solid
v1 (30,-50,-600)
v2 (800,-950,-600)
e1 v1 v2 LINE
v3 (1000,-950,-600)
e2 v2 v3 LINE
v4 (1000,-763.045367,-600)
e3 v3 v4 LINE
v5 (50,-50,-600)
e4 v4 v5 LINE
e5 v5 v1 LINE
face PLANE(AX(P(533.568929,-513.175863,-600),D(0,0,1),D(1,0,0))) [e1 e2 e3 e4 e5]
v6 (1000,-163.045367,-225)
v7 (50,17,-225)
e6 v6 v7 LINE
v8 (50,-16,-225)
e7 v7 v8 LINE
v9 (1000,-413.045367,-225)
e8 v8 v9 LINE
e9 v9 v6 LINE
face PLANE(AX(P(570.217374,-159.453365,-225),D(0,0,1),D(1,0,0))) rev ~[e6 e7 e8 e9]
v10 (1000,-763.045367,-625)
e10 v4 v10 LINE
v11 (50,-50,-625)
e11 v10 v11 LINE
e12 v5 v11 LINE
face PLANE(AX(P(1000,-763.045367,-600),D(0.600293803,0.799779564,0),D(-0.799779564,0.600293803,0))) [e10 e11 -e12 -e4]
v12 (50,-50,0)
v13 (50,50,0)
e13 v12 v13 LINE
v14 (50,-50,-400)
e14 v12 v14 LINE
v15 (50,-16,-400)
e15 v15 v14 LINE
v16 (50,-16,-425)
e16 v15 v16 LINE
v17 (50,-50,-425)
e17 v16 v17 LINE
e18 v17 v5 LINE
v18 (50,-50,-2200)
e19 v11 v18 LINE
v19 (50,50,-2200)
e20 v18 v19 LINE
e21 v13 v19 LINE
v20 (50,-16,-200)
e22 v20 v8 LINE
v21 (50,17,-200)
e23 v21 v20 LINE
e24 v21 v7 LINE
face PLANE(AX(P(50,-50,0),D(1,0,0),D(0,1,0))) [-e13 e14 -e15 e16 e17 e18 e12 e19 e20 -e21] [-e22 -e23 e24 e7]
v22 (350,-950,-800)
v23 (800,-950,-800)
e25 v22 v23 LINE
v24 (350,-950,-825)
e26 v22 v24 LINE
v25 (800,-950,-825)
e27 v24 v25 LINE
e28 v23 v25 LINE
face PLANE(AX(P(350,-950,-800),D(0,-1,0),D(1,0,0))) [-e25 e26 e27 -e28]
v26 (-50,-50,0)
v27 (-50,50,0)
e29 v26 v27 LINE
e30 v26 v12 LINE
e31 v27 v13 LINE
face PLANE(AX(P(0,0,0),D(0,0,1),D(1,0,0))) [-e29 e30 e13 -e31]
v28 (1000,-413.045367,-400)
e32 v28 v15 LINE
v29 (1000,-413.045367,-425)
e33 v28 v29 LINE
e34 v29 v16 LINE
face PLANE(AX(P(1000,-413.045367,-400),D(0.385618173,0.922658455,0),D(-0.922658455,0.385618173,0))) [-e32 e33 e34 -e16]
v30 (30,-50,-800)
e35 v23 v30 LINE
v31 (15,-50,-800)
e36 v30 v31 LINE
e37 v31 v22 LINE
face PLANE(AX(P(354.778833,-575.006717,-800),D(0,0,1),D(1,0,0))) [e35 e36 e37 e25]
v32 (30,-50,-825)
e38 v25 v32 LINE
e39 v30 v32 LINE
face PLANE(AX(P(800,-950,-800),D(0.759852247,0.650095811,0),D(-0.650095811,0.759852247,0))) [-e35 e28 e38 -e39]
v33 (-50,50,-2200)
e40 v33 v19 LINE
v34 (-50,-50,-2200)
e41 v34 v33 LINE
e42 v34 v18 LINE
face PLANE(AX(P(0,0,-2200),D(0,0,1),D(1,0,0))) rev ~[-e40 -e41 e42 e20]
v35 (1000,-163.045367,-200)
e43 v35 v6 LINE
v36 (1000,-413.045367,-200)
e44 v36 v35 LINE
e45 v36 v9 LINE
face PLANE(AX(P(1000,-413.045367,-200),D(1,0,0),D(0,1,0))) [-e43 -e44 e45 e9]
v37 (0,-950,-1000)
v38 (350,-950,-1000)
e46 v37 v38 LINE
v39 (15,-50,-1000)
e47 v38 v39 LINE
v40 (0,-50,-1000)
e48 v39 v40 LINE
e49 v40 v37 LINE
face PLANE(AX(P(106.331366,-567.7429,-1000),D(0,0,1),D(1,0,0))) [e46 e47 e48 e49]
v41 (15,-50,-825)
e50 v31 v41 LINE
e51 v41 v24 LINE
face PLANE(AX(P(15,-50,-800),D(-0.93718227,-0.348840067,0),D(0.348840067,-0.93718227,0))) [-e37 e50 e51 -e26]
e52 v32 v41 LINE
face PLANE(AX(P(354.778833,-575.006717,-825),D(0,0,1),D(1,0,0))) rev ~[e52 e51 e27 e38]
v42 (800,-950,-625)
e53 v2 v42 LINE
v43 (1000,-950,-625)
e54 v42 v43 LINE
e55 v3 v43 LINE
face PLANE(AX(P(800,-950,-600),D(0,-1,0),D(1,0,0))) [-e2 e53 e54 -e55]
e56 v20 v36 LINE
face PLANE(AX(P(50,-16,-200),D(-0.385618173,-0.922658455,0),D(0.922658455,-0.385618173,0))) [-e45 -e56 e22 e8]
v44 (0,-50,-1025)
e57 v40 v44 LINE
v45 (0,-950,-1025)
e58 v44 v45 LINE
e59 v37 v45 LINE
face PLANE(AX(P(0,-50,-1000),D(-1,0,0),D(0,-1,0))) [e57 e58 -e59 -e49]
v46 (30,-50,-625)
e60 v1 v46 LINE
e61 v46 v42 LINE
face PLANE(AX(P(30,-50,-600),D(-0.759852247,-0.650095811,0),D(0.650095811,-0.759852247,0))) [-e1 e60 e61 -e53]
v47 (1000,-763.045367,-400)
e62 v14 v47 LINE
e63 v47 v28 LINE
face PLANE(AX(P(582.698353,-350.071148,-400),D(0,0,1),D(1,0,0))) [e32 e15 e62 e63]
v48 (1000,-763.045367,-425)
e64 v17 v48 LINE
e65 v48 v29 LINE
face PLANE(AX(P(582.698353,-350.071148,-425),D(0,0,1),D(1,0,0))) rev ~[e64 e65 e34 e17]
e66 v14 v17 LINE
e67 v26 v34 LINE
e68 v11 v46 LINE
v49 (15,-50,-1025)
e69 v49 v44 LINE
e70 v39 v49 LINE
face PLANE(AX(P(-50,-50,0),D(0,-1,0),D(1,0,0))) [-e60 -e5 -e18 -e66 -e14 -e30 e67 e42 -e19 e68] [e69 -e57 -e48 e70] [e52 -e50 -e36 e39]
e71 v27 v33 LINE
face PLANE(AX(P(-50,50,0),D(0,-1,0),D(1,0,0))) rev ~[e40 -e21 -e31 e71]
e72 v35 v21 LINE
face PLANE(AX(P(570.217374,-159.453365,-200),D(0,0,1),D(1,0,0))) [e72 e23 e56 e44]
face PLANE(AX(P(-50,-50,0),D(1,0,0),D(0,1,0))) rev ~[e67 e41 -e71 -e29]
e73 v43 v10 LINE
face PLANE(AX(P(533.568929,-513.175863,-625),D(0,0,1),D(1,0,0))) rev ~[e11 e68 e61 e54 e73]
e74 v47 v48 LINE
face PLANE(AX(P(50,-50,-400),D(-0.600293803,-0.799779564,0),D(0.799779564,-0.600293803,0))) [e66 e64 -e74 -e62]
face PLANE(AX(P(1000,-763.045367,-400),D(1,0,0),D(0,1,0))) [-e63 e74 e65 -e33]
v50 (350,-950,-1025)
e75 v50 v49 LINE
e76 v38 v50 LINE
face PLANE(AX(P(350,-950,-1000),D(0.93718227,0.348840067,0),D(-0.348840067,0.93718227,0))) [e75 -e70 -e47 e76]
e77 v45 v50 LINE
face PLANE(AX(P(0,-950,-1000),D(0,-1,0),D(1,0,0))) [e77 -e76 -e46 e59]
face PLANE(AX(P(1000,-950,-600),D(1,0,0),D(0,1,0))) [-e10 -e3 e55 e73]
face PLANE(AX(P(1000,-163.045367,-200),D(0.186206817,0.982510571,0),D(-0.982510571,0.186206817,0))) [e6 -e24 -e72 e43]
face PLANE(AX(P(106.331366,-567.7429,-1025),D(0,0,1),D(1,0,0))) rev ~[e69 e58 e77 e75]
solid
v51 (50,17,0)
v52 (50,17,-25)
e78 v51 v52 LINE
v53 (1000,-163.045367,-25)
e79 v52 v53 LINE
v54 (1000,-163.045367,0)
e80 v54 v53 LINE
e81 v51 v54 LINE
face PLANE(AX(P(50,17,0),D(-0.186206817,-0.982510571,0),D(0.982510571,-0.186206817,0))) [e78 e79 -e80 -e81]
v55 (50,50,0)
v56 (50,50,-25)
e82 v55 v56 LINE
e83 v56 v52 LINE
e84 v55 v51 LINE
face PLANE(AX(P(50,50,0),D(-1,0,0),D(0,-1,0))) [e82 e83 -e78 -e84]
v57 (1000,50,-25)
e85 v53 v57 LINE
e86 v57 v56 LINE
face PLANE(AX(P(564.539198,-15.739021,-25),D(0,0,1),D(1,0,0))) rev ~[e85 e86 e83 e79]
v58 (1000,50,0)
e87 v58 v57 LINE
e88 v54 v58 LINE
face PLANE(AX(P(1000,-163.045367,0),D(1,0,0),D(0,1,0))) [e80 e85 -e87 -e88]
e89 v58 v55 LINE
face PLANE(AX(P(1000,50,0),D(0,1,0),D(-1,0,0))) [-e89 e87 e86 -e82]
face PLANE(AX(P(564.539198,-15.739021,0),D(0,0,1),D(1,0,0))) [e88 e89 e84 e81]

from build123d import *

# Parameters (mm, degrees)
F0_W      = 100
F0_H      = 100
F1_DEPTH  = 2200
F3_DEPTH  = 25
F19_DEPTH = 25


with BuildPart() as f1:
    # F0 (on Top) → F1 (new body)
    with BuildSketch(Plane.XY):
        Rectangle(F0_W, F0_H)
    extrude(amount=-F1_DEPTH)

    # F14 (on offset) + F15 (on offset) + F16 (on offset) + F17 (on offset) + F18 (on offset) → F19 (join)
    with BuildSketch(Plane.XY.offset(-200)):
        Polygon((1000, -413.045367), (1000, -163.045367), (50, 17), (50, -16), align=None)
    with BuildSketch(Plane.XY.offset(-400)):
        Polygon((1000, -413.045367), (50, -16), (50, -50), (1000, -763.045367), align=None)
    with BuildSketch(Plane.XY.offset(-600)):
        Polygon((1000, -763.045367), (50, -50), (30, -50), (800, -950), (1000, -950), align=None)
    with BuildSketch(Plane.XY.offset(-800)):
        Polygon((30, -50), (15, -50), (350, -950), (800, -950), align=None)
    with BuildSketch(Plane.XY.offset(-1000)):
        Polygon((15, -50), (0, -50), (0, -950), (350, -950), align=None)
    extrude(amount=-F19_DEPTH)


with BuildPart() as f3:
    # F2 (on face) → F3 (new body)
    with BuildSketch(Plane.XY):
        Polygon((1000, 50), (50, 50), (50, 17), (1000, -163.045367), align=None)
    extrude(amount=-F3_DEPTH)


solid = Compound([f1.part, f3.part])
